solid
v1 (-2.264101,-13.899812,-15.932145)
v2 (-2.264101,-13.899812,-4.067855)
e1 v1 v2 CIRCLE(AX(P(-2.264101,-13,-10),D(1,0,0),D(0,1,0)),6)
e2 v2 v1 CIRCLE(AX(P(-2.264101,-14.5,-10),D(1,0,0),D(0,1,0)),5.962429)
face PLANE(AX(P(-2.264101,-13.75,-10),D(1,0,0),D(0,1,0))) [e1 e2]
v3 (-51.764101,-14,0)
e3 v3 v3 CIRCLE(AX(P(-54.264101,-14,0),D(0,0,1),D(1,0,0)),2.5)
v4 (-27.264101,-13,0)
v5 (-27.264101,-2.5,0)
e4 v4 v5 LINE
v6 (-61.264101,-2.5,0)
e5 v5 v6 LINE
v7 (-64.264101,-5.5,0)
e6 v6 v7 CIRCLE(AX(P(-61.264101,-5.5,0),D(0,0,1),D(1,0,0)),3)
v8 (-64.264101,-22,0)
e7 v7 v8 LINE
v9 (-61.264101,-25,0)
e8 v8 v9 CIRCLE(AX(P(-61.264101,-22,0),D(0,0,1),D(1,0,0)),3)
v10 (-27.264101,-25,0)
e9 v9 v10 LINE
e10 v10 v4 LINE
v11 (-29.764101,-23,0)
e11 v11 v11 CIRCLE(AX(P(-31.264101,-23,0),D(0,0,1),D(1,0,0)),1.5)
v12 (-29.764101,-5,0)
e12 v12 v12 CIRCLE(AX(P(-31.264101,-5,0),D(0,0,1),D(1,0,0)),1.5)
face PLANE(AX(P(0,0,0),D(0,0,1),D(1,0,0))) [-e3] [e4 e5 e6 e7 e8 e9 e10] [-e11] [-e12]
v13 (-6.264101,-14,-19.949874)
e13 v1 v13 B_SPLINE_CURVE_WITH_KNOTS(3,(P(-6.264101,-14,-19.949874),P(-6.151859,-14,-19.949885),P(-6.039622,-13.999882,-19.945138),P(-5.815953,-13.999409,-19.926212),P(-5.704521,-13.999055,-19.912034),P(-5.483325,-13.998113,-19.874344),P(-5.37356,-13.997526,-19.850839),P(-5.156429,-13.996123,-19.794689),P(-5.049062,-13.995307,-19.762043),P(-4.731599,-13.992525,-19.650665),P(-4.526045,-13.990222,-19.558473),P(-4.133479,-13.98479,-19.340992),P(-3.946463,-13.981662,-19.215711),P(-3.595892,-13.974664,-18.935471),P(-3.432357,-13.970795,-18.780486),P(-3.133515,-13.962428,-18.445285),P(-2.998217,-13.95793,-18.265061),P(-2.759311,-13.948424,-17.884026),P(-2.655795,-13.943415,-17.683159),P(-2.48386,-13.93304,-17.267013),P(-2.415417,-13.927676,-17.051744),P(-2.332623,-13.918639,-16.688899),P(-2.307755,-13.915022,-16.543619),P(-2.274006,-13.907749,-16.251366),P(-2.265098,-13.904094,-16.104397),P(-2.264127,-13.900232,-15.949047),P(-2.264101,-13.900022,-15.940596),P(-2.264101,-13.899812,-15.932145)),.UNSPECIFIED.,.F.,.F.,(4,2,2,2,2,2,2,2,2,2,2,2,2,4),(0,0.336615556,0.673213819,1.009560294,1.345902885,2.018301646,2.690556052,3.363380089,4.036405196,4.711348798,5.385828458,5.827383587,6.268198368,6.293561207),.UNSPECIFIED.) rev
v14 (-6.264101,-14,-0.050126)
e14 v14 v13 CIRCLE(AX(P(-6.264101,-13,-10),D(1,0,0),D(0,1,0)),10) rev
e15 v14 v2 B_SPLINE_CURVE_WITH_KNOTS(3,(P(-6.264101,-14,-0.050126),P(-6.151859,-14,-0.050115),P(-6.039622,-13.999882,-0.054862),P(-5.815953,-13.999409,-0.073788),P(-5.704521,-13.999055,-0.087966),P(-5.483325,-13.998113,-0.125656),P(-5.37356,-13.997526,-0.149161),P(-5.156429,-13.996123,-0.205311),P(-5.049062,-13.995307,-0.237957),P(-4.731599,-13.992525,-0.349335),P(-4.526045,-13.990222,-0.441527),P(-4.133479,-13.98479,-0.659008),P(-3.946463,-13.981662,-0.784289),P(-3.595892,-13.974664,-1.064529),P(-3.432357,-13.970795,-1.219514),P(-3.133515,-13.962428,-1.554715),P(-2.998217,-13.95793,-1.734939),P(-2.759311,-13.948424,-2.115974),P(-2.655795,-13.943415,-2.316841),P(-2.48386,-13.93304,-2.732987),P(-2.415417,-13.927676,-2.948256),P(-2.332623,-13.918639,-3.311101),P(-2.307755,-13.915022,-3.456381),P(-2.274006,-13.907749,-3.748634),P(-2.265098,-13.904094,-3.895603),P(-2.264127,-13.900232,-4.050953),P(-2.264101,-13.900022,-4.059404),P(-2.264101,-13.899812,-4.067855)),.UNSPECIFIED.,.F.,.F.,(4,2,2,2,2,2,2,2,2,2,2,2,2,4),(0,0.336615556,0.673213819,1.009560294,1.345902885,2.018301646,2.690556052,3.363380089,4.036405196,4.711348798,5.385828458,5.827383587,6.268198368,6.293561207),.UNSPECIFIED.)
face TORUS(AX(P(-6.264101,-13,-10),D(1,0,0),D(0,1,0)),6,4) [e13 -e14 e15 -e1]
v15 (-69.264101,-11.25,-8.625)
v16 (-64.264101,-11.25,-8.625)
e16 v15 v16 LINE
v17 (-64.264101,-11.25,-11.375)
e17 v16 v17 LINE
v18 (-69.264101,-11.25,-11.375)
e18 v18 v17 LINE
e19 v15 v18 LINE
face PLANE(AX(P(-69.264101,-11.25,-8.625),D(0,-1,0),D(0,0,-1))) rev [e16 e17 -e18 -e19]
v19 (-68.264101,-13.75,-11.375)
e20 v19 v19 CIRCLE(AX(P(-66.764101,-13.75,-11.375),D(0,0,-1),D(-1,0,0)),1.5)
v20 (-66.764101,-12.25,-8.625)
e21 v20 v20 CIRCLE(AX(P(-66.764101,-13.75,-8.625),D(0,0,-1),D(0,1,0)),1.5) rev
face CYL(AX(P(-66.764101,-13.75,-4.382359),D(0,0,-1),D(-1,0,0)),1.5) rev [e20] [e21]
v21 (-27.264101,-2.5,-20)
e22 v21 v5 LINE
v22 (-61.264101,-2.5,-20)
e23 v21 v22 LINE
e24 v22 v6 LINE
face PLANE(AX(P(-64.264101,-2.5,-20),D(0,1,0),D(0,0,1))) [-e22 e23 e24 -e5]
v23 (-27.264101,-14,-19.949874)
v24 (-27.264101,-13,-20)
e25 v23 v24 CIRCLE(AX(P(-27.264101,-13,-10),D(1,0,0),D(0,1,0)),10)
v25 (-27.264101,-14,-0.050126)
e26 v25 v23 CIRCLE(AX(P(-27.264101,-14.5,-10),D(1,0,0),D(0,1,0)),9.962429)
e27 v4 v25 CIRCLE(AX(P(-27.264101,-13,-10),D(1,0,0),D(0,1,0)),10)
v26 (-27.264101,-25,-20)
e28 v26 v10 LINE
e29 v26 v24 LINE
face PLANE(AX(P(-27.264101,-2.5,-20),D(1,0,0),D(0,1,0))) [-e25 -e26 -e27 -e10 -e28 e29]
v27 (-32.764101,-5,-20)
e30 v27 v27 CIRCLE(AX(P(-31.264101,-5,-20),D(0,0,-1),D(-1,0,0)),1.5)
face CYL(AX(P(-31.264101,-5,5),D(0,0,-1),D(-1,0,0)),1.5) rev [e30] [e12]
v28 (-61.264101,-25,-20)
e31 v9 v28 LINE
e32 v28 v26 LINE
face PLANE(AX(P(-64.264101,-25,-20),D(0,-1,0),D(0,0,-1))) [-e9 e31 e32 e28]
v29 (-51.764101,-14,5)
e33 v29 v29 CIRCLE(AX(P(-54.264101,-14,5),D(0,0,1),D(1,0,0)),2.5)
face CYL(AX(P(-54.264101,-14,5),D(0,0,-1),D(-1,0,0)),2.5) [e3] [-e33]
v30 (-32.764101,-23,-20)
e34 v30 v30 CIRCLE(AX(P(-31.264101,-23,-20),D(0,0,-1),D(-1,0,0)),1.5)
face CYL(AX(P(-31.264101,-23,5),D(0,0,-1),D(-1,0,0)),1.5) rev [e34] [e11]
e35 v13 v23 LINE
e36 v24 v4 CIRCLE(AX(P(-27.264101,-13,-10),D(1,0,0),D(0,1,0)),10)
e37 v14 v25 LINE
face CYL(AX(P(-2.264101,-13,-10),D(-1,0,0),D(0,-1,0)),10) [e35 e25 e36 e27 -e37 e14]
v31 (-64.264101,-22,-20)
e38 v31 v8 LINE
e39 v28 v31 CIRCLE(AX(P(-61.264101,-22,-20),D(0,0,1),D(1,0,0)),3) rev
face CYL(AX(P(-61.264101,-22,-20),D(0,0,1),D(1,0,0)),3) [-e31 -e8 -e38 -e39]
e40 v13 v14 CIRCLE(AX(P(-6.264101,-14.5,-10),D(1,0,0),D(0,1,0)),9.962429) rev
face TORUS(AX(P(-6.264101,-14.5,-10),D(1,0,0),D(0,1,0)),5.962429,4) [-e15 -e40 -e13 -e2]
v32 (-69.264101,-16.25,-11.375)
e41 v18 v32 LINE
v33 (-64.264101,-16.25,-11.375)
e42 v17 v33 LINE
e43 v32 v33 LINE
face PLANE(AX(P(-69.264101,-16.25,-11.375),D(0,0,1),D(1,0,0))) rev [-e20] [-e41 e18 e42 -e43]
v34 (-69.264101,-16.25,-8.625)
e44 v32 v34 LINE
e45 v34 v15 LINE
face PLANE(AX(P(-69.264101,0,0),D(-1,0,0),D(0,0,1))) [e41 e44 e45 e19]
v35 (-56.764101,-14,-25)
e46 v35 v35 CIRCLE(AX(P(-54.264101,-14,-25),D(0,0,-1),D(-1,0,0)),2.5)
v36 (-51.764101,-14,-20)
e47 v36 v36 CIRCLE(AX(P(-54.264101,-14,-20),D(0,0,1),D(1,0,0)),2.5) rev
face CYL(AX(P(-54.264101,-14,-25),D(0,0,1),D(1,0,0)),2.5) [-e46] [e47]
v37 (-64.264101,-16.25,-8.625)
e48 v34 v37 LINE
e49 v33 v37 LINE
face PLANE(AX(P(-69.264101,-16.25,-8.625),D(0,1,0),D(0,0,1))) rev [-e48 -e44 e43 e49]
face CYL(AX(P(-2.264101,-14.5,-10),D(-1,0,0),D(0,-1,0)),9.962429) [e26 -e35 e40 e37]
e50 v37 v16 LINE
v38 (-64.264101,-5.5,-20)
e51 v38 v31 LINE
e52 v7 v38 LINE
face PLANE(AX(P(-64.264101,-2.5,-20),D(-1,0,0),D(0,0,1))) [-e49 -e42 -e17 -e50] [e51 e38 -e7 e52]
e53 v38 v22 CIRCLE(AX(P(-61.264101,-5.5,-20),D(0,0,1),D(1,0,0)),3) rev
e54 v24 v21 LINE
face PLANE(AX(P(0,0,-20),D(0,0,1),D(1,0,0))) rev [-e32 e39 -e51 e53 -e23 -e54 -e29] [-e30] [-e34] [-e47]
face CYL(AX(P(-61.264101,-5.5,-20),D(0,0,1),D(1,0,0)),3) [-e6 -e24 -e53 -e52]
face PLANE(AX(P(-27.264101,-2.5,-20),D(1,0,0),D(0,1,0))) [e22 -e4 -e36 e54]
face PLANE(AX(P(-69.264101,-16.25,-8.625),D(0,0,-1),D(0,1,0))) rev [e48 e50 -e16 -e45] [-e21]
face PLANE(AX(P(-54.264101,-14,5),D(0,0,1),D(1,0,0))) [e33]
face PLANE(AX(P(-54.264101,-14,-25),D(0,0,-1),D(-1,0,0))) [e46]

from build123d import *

# Parameters (mm, degrees)
SKETCH1_W           = 37
SKETCH1_H           = 22.5
BOSS_EXTRUDE1_DEPTH = 20
BOSS_EXTRUDE2_DEPTH = 25
SKETCH3_R           = 2.5
BOSS_EXTRUDE3_DEPTH = 5
BOSS_EXTRUDE4_START = 5
SKETCH4_R           = 2.5
BOSS_EXTRUDE4_DEPTH = 5
FILLET1_R           = 3
FILLET2_R           = 4
SKETCH5_W           = 2.75
SKETCH5_H           = 5
BOSS_EXTRUDE5_DEPTH = 5
SKETCH6_R           = 1.5
CUT_EXTRUDE1_DEPTH  = 2.75
SKETCH7_R           = 1.5
CUT_EXTRUDE2_DEPTH  = 78.76577433


with BuildPart() as part:
    # Sketch1 → Boss-Extrude1 (new body)
    with BuildSketch(Plane.XY):
        with Locations((-45.764100782, -13.75)):
            Rectangle(SKETCH1_W, SKETCH1_H)
    extrude(amount=-BOSS_EXTRUDE1_DEPTH)

    # Sketch2 → Boss-Extrude2 (add)
    with BuildSketch(Plane(origin=(-27.264100782, 0, 0), x_dir=(0, 0, -1), z_dir=(1, 0, 0))):
        with BuildLine():
            ThreePointArc((0.050125629, -14), (10, -24.462429423), (19.949874371, -14))
            ThreePointArc((19.949874371, -14), (10, -3), (0.050125629, -14))
        make_face()
    extrude(amount=BOSS_EXTRUDE2_DEPTH)

    # Sketch3 → Boss-Extrude3 (add)
    with BuildSketch(Plane.XY):
        with Locations((-54.264100782, -14)):
            Circle(SKETCH3_R)
    extrude(amount=BOSS_EXTRUDE3_DEPTH)

    # Sketch4 → Boss-Extrude4 (add)
    with BuildSketch(Plane(origin=(0, 0, -20), x_dir=(-1, 0, 0), z_dir=(0, 0, -1)).offset(BOSS_EXTRUDE4_START)):
        with Locations(Location((54.264100782, -14, 0), (0, 0, 180))):
            Circle(SKETCH4_R)
    extrude(amount=-BOSS_EXTRUDE4_DEPTH)

    # Fillet1
    fillet1_edges = [part.edges().sort_by_distance(p)[0] for p in [
        (-64.264100782, -2.5, -10),
        (-64.264100782, -25, -10),
    ]]
    fillet(fillet1_edges, radius=FILLET1_R)

    # Fillet2
    fillet2_edges = [part.edges().sort_by_distance(p)[0] for p in [
        (-2.264100782, -3, -10),
        (-2.264100782, -24.462429423, -10),
    ]]
    fillet(fillet2_edges, radius=FILLET2_R)

    # Sketch5 → Boss-Extrude5 (add)
    with BuildSketch(Plane.ZY.offset(64.264100782)):
        with Locations((-10, -13.75)):
            Rectangle(SKETCH5_W, SKETCH5_H)
    extrude(amount=BOSS_EXTRUDE5_DEPTH)

    # Sketch6 → Cut-Extrude1 (cut)
    with BuildSketch(Plane(origin=(0, 0, -11.375), x_dir=(-1, 0, 0), z_dir=(0, 0, -1))):
        with Locations((66.764100782, -13.75)):
            Circle(SKETCH6_R)
    extrude(amount=-CUT_EXTRUDE1_DEPTH, mode=Mode.SUBTRACT)

    # Sketch7 → Cut-Extrude2 (cut, through all)
    with BuildSketch(Plane(origin=(0, 0, -20), x_dir=(-1, 0, 0), z_dir=(0, 0, -1))):
        with Locations((31.264100782, -5)):
            Circle(SKETCH7_R)
        with Locations((31.264100782, -23)):
            Circle(SKETCH7_R)
    extrude(amount=-CUT_EXTRUDE2_DEPTH, mode=Mode.SUBTRACT)


solid = part.part
